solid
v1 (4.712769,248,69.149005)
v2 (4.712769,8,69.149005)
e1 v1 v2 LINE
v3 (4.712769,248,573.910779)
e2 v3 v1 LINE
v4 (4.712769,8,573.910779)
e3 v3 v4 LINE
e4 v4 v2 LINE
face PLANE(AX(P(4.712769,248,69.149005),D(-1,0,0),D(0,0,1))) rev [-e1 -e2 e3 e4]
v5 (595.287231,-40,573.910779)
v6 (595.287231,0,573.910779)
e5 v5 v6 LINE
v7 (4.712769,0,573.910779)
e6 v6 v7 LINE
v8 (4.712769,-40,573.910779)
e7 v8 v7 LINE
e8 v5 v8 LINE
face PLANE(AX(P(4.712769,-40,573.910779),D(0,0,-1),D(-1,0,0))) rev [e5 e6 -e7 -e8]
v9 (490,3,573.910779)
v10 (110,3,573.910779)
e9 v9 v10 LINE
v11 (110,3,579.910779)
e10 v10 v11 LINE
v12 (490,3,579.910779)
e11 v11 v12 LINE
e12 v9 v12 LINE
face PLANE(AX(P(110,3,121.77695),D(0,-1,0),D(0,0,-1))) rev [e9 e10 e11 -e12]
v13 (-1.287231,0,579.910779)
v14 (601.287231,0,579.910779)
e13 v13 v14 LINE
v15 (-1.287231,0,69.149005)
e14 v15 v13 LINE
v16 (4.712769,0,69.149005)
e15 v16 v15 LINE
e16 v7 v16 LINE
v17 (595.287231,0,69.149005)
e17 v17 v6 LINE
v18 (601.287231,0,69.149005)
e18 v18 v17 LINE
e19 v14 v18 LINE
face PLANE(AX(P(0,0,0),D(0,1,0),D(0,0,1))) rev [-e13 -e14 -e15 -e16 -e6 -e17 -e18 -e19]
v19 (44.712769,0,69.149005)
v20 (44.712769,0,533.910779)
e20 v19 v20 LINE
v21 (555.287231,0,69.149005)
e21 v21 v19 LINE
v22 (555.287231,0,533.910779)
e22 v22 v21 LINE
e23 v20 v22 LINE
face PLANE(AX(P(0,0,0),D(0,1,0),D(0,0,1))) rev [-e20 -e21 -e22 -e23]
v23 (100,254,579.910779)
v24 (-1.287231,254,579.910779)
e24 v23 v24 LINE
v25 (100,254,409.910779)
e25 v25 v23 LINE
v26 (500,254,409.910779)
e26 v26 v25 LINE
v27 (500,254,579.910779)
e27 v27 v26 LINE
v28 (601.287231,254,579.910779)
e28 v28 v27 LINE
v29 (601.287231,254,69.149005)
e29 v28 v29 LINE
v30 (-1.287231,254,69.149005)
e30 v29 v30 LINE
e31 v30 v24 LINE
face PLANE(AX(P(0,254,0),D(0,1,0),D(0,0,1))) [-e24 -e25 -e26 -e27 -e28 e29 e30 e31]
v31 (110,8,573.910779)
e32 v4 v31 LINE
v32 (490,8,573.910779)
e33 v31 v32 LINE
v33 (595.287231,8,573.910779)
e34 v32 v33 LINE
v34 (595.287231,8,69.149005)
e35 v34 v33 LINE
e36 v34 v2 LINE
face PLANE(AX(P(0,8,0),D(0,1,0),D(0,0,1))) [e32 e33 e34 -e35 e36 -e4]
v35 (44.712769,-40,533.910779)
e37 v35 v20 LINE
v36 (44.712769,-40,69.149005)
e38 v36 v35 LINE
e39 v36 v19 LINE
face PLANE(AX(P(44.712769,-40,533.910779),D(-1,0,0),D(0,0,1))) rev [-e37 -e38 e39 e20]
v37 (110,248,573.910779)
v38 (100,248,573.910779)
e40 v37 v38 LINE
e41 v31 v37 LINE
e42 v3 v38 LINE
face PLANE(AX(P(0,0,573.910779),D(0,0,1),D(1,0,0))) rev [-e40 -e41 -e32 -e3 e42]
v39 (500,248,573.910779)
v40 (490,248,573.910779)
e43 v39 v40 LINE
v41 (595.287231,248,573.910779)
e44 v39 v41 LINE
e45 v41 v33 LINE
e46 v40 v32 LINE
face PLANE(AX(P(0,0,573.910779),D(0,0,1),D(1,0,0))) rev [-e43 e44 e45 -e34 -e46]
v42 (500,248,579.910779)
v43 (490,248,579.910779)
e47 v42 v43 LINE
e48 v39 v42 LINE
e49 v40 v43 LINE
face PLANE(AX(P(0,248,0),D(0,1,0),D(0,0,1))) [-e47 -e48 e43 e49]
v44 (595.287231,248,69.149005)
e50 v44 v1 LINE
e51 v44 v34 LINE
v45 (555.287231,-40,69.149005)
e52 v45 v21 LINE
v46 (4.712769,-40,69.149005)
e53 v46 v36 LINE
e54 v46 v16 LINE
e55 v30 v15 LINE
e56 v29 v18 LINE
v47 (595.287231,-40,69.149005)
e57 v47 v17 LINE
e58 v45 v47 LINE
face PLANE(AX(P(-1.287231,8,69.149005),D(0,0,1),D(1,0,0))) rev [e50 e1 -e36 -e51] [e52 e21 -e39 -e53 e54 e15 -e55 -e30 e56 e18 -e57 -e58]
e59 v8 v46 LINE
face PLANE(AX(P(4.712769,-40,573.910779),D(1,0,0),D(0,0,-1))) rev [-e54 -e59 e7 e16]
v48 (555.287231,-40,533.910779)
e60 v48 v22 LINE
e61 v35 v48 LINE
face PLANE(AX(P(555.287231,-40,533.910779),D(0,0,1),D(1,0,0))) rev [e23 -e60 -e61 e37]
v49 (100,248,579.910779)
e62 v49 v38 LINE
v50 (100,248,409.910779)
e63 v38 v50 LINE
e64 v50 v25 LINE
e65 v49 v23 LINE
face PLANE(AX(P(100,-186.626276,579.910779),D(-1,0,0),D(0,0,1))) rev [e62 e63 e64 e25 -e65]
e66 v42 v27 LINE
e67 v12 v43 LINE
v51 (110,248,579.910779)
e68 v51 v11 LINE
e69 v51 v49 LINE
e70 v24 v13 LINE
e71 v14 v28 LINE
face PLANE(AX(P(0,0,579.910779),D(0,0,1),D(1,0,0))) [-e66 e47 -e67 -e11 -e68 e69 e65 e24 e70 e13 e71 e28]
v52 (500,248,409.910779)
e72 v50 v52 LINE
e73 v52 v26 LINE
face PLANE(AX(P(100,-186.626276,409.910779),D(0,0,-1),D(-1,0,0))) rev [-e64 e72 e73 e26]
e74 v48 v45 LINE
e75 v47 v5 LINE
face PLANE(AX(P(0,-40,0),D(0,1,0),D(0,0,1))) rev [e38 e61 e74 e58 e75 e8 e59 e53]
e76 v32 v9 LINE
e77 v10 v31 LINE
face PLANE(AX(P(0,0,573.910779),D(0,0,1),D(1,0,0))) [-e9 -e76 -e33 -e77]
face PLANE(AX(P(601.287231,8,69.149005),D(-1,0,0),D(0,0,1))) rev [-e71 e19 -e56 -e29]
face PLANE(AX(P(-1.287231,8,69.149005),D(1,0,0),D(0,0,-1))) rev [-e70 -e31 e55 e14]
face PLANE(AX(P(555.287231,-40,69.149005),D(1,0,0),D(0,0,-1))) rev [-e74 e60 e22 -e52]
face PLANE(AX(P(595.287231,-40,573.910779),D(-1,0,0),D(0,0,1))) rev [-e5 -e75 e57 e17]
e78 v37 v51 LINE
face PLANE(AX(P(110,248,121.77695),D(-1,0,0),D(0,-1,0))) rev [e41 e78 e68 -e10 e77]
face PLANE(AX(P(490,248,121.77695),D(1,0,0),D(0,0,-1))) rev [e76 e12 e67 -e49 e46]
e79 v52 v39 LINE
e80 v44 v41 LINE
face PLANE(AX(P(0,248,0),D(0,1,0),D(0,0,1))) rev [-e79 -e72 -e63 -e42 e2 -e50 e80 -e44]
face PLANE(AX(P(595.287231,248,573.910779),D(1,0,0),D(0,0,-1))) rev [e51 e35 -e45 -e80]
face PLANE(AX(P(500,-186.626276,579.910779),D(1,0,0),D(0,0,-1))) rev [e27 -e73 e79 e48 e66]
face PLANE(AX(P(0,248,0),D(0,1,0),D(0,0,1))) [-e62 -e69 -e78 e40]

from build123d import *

# Parameters (mm, degrees)
SKETCH_1_W          = 602.574462866
SKETCH_1_H          = 504.761774505
EXTRUDE_1_DEPTH     = 8
SKETCH_2_W          = 6
SKETCH_2_H          = 504.761774505
EXTRUDE_2_DEPTH     = 240
SKETCH_3_W          = 602.574462866
SKETCH_3_H          = 504.761774505
EXTRUDE_3_DEPTH     = 6
SKETCH_5_W          = 602.574462866
SKETCH_5_H          = 254
EXTRUDE_4_DEPTH     = 6
SKETCH_4_W          = 400
SKETCH_4_H          = 170
CUT_EXTRUDE_4_DEPTH = 6
SKETCH_9_W          = 380
SKETCH_9_H          = 245
CUT_EXTRUDE_5_DEPTH = 6
EXTRUDE_8_DEPTH     = 40


with BuildPart() as part:
    # Эскиз1 → Бобышка-Вытянуть1 (new body)
    with BuildSketch(Plane(origin=(0, 0, 0), x_dir=(1, 0, 0), z_dir=(0, 1, 0))):
        with Locations((300, -321.529892077)):
            Rectangle(SKETCH_1_W, SKETCH_1_H)
    extrude(amount=EXTRUDE_1_DEPTH)

    # Эскиз2 → Бобышка-Вытянуть2 (add)
    with BuildSketch(Plane(origin=(0, 8, 0), x_dir=(1, 0, 0), z_dir=(0, 1, 0))):
        with Locations((1.712768567, -321.529892077)):
            Rectangle(SKETCH_2_W, SKETCH_2_H)
        with Locations((598.287231433, -321.529892077)):
            Rectangle(SKETCH_2_W, SKETCH_2_H)
    extrude(amount=EXTRUDE_2_DEPTH)

    # Эскиз3 → Бобышка-Вытянуть3 (add)
    with BuildSketch(Plane(origin=(0, 248, 0), x_dir=(1, 0, 0), z_dir=(0, 1, 0))):
        with Locations((300, -321.529892077)):
            Rectangle(SKETCH_3_W, SKETCH_3_H)
    extrude(amount=EXTRUDE_3_DEPTH)

    # Эскиз5 → Бобышка-Вытянуть4 (add)
    with BuildSketch(Plane.XY.offset(573.910779329)):
        with Locations((300, 127)):
            Rectangle(SKETCH_5_W, SKETCH_5_H)
    extrude(amount=EXTRUDE_4_DEPTH)

    # Эскиз4 → Вырез-Вытянуть4 (cut)
    with BuildSketch(Plane(origin=(0, 254, 0), x_dir=(1, 0, 0), z_dir=(0, 1, 0))):
        with Locations((300, -494.910779329)):
            Rectangle(SKETCH_4_W, SKETCH_4_H)
    extrude(amount=-CUT_EXTRUDE_4_DEPTH, mode=Mode.SUBTRACT)

    # Эскиз9 → Вырез-Вытянуть5 (cut)
    with BuildSketch(Plane.XY.offset(579.910779329)):
        with Locations((300, 125.5)):
            Rectangle(SKETCH_9_W, SKETCH_9_H)
    extrude(amount=-CUT_EXTRUDE_5_DEPTH, mode=Mode.SUBTRACT)

    # Эскиз12 → Бобышка-Вытянуть8 (add)
    with BuildSketch(Plane.XZ):
        Polygon((4.712768567, 573.910779329), (595.287231433, 573.910779329), (595.287231433, 69.149004824), (555.287231433, 69.149004824), (555.287231433, 533.910779329), (44.712768567, 533.910779329), (44.712768567, 69.149004824), (4.712768567, 69.149004824), align=None)
    extrude(amount=EXTRUDE_8_DEPTH)


solid = part.part
